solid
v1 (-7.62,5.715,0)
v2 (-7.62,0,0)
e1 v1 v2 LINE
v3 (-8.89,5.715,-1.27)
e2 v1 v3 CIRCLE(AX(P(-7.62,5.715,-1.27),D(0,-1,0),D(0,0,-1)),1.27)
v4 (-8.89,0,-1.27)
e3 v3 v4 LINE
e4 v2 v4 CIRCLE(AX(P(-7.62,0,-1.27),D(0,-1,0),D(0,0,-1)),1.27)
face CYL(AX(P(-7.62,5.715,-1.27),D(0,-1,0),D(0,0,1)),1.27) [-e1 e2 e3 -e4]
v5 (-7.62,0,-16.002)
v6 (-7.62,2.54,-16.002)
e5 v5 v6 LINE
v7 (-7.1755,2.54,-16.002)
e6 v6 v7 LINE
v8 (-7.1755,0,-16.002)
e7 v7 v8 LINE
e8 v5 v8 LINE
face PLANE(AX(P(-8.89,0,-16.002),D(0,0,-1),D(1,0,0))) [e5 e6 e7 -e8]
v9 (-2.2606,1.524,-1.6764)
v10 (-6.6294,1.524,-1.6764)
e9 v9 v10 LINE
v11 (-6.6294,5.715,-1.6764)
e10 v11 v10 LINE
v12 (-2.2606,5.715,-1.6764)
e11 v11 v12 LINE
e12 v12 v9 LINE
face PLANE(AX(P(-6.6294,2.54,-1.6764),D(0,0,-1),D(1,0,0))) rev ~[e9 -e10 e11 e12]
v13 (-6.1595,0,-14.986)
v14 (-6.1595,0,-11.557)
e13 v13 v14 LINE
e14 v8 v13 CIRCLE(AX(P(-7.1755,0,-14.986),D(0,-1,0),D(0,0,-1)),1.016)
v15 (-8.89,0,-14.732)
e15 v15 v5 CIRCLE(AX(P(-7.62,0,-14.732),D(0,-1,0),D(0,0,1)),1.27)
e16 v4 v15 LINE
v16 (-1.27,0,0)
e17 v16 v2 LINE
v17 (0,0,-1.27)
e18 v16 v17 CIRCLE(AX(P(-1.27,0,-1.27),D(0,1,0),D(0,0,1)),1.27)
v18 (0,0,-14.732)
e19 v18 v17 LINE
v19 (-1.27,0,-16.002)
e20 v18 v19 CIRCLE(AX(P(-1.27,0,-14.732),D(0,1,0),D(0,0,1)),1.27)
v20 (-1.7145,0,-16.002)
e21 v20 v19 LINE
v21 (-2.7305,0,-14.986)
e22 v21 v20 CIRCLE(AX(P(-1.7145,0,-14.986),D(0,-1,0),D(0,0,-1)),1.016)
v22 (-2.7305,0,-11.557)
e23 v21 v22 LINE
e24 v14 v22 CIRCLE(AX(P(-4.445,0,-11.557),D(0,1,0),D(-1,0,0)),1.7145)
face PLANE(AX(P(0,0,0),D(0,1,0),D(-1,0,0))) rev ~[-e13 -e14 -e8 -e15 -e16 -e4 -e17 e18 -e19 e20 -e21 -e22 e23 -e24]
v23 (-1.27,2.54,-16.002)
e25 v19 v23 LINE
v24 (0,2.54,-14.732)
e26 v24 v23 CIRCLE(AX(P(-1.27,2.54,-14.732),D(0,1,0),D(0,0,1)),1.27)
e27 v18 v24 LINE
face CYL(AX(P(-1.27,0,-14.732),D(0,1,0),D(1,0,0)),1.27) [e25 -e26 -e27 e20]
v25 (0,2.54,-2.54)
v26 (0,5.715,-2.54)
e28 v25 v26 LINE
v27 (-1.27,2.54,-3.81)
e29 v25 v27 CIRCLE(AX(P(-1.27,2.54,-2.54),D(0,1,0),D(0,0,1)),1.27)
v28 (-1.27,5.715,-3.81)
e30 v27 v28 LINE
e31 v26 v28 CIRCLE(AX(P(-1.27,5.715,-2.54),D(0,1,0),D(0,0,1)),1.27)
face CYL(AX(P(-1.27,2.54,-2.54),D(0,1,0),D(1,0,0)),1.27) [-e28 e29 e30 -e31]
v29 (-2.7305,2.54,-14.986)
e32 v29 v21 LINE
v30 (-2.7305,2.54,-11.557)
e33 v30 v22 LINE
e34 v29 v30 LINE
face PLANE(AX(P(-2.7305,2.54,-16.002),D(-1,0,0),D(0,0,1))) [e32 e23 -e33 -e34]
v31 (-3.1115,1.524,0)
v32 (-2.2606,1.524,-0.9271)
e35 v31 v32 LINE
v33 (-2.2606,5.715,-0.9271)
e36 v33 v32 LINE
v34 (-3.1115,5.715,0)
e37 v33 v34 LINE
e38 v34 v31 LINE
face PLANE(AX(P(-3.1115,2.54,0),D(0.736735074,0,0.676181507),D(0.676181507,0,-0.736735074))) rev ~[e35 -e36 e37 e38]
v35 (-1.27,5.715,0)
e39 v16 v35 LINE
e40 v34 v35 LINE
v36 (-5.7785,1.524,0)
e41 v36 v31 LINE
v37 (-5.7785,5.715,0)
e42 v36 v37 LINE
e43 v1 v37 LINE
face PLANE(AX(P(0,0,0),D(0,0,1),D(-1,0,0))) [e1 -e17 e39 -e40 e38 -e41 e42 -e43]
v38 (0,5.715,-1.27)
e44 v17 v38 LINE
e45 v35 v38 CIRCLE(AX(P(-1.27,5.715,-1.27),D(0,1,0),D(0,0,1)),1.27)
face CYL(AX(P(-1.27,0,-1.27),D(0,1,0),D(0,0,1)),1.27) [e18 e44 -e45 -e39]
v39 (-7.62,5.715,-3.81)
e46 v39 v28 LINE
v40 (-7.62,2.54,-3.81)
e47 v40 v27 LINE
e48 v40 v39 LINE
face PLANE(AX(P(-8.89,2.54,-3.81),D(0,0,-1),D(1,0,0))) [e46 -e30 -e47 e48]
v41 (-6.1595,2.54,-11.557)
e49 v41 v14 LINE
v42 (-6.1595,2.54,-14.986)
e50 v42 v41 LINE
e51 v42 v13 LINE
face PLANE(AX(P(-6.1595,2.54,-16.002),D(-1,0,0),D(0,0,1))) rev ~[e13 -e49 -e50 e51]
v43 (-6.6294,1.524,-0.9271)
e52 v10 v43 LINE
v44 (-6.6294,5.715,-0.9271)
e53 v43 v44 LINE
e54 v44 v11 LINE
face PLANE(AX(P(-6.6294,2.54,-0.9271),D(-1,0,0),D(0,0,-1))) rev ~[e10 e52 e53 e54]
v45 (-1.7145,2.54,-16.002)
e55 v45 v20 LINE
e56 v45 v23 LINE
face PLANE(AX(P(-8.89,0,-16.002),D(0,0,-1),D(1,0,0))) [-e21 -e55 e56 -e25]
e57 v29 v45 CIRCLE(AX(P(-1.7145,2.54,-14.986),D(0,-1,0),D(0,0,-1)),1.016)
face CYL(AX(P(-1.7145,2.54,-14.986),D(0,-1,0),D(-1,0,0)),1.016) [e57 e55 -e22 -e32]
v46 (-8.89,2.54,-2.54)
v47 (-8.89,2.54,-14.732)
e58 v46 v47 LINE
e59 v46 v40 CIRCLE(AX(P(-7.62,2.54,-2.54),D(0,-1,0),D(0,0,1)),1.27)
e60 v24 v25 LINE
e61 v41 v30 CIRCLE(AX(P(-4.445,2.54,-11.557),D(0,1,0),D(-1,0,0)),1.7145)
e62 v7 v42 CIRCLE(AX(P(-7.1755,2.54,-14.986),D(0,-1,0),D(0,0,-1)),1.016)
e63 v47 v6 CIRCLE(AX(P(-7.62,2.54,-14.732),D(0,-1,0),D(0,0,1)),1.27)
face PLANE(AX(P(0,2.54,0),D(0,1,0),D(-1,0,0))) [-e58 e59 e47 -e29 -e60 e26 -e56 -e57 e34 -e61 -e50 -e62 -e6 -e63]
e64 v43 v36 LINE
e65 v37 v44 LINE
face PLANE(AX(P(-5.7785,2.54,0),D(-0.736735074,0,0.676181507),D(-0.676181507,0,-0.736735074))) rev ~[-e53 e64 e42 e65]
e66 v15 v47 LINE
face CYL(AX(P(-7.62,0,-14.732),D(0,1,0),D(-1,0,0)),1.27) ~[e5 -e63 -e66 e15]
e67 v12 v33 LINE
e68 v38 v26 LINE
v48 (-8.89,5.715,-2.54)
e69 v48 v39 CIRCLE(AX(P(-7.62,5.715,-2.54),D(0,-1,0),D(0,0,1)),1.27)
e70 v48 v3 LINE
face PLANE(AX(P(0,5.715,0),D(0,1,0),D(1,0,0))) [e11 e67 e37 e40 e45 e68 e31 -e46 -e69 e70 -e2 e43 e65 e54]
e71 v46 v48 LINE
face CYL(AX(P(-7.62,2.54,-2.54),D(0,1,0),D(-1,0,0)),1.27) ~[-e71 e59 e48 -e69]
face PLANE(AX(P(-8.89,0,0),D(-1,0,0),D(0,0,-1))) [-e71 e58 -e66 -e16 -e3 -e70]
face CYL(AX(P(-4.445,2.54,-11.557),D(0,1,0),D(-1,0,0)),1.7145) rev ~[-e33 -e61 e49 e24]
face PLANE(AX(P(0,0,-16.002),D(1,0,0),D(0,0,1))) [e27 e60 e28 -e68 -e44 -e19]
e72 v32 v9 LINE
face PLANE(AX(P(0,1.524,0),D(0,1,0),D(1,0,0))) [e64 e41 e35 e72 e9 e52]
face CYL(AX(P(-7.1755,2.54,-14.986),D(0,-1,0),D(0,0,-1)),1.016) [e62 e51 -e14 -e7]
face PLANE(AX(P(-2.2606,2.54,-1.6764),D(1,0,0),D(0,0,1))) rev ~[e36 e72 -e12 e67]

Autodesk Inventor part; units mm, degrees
ref_plane "YZ Plane" through (0, 0, 0) normal (1, 0, 0) x (0, 1, 0)
ref_plane "XZ Plane" through (0, 0, 0) normal (0, 1, 0) x (-1, 0, 0)
ref_plane "XY Plane" through (0, 0, 0) normal (0, 0, 1) x (1, 0, 0)
sketch "Sketch1" plane through (0, 0, 0) normal (0, 1, 0) x (-1, 0, 0)
  line L0 (0, 0) -> (8.89, 0)
  line L1 (8.89, 0) -> (8.89, -16.002)
  line L2 (8.89, -16.002) -> (0, -16.002)
  line L3 (0, -16.002) -> (0, 0)
  dimension "d0" = 8.89
  dimension "d1" = 16.002
extrude "Extrusion1" add sketch "Sketch1" along normal blind 2.54
sketch "Sketch5" plane through (0, 2.54, 0) normal (0, 1, 0) x (1, 0, 0)
  line L0 (-8.89, 0) -> (0, 0) projected
  line L1 (0, 0) -> (0, 16.002) projected
  line L2 (0, 16.002) -> (-8.89, 16.002) projected
  line L3 (-8.89, 16.002) -> (-8.89, 0) projected
  line L4 (0, 0) -> (-8.89, 0) projected
  line L5 (-5.7785, 0) -> (-6.6294, 0.9271)
  line L6 (-6.6294, 0.9271) -> (-6.6294, 1.6764)
  line L7 (-6.6294, 1.6764) -> (-2.2606, 1.6764)
  line L8 (-2.2606, 1.6764) -> (-2.2606, 0.9271)
  line L9 (-2.2606, 0.9271) -> (-3.1115, 0)
  line L10 (-8.89, 0) -> (-8.89, 16.002) projected
  line L11 (-8.89, 3.81) -> (0, 3.81)
  point P0 (-4.445, 1.6764)
  point P1 (-4.445, 3.81)
  dimension "d19" = 2.667
  dimension "d20" = 4.3688
  dimension "d21" = 0.9271
  dimension "d23" = 1.6764
  dimension "d24" = 3.81
extrude "Extrusion4" add sketch "Sketch5" along normal blind 3.175 contours L3 L11 L1 L0 L9 L8 L7 L6 L5
sketch "Sketch6" plane through (0, 2.54, 0) normal (0, 1, 0) x (1, 0, 0)
  line L0 (-3.1115, 0) -> (-2.2606, 0.9271) projected
  line L1 (-2.2606, 0.9271) -> (-2.2606, 1.6764) projected
  line L2 (-2.2606, 1.6764) -> (-6.6294, 1.6764) projected
  line L3 (-6.6294, 1.6764) -> (-6.6294, 0.9271) projected
  line L4 (-6.6294, 0.9271) -> (-5.7785, 0) projected
  line L5 (-5.7785, 0) -> (-3.1115, 0) projected
  point P0 (0, 0)
extrude "Extrusion5" cut sketch "Sketch6" against normal blind 1.016
fillet "Fillet3" radius 1.27 6 edges at (-8.89, 1.27, -16.002) (0, 1.27, -16.002) (-8.89, 2.8575, 0) (-8.89, 4.1275, -3.81) (0, 4.1275, -3.81) (0, 2.8575, 0)
sketch "Sketch8" plane through (0, 2.54, 0) normal (0, 1, 0) x (1, 0, 0)
  line L0 (-7.62, 16.002) -> (-1.27, 16.002) projected
  line L1 (-6.1595, 16.002) -> (-6.1595, 11.557)
  line L2 (-2.7305, 16.002) -> (-2.7305, 11.557)
  arc A0 (-6.1595, 11.557) -> (-2.7305, 11.557) centre (-4.445, 11.557) ccw
  point P0 (0, 0)
  point P1 (-4.445, 16.002)
  dimension "d37" = 3.429
  dimension "d38" = 4.445
extrude "Extrusion7" cut sketch "Sketch8" against normal blind 25.4
fillet "Fillet4" radius 1.016 2 edges at (-2.7305, 1.27, -16.002) (-6.1595, 1.27, -16.002)
properties part number "HallEffectSpoolSensorMount2" material "ABS Plastic"
